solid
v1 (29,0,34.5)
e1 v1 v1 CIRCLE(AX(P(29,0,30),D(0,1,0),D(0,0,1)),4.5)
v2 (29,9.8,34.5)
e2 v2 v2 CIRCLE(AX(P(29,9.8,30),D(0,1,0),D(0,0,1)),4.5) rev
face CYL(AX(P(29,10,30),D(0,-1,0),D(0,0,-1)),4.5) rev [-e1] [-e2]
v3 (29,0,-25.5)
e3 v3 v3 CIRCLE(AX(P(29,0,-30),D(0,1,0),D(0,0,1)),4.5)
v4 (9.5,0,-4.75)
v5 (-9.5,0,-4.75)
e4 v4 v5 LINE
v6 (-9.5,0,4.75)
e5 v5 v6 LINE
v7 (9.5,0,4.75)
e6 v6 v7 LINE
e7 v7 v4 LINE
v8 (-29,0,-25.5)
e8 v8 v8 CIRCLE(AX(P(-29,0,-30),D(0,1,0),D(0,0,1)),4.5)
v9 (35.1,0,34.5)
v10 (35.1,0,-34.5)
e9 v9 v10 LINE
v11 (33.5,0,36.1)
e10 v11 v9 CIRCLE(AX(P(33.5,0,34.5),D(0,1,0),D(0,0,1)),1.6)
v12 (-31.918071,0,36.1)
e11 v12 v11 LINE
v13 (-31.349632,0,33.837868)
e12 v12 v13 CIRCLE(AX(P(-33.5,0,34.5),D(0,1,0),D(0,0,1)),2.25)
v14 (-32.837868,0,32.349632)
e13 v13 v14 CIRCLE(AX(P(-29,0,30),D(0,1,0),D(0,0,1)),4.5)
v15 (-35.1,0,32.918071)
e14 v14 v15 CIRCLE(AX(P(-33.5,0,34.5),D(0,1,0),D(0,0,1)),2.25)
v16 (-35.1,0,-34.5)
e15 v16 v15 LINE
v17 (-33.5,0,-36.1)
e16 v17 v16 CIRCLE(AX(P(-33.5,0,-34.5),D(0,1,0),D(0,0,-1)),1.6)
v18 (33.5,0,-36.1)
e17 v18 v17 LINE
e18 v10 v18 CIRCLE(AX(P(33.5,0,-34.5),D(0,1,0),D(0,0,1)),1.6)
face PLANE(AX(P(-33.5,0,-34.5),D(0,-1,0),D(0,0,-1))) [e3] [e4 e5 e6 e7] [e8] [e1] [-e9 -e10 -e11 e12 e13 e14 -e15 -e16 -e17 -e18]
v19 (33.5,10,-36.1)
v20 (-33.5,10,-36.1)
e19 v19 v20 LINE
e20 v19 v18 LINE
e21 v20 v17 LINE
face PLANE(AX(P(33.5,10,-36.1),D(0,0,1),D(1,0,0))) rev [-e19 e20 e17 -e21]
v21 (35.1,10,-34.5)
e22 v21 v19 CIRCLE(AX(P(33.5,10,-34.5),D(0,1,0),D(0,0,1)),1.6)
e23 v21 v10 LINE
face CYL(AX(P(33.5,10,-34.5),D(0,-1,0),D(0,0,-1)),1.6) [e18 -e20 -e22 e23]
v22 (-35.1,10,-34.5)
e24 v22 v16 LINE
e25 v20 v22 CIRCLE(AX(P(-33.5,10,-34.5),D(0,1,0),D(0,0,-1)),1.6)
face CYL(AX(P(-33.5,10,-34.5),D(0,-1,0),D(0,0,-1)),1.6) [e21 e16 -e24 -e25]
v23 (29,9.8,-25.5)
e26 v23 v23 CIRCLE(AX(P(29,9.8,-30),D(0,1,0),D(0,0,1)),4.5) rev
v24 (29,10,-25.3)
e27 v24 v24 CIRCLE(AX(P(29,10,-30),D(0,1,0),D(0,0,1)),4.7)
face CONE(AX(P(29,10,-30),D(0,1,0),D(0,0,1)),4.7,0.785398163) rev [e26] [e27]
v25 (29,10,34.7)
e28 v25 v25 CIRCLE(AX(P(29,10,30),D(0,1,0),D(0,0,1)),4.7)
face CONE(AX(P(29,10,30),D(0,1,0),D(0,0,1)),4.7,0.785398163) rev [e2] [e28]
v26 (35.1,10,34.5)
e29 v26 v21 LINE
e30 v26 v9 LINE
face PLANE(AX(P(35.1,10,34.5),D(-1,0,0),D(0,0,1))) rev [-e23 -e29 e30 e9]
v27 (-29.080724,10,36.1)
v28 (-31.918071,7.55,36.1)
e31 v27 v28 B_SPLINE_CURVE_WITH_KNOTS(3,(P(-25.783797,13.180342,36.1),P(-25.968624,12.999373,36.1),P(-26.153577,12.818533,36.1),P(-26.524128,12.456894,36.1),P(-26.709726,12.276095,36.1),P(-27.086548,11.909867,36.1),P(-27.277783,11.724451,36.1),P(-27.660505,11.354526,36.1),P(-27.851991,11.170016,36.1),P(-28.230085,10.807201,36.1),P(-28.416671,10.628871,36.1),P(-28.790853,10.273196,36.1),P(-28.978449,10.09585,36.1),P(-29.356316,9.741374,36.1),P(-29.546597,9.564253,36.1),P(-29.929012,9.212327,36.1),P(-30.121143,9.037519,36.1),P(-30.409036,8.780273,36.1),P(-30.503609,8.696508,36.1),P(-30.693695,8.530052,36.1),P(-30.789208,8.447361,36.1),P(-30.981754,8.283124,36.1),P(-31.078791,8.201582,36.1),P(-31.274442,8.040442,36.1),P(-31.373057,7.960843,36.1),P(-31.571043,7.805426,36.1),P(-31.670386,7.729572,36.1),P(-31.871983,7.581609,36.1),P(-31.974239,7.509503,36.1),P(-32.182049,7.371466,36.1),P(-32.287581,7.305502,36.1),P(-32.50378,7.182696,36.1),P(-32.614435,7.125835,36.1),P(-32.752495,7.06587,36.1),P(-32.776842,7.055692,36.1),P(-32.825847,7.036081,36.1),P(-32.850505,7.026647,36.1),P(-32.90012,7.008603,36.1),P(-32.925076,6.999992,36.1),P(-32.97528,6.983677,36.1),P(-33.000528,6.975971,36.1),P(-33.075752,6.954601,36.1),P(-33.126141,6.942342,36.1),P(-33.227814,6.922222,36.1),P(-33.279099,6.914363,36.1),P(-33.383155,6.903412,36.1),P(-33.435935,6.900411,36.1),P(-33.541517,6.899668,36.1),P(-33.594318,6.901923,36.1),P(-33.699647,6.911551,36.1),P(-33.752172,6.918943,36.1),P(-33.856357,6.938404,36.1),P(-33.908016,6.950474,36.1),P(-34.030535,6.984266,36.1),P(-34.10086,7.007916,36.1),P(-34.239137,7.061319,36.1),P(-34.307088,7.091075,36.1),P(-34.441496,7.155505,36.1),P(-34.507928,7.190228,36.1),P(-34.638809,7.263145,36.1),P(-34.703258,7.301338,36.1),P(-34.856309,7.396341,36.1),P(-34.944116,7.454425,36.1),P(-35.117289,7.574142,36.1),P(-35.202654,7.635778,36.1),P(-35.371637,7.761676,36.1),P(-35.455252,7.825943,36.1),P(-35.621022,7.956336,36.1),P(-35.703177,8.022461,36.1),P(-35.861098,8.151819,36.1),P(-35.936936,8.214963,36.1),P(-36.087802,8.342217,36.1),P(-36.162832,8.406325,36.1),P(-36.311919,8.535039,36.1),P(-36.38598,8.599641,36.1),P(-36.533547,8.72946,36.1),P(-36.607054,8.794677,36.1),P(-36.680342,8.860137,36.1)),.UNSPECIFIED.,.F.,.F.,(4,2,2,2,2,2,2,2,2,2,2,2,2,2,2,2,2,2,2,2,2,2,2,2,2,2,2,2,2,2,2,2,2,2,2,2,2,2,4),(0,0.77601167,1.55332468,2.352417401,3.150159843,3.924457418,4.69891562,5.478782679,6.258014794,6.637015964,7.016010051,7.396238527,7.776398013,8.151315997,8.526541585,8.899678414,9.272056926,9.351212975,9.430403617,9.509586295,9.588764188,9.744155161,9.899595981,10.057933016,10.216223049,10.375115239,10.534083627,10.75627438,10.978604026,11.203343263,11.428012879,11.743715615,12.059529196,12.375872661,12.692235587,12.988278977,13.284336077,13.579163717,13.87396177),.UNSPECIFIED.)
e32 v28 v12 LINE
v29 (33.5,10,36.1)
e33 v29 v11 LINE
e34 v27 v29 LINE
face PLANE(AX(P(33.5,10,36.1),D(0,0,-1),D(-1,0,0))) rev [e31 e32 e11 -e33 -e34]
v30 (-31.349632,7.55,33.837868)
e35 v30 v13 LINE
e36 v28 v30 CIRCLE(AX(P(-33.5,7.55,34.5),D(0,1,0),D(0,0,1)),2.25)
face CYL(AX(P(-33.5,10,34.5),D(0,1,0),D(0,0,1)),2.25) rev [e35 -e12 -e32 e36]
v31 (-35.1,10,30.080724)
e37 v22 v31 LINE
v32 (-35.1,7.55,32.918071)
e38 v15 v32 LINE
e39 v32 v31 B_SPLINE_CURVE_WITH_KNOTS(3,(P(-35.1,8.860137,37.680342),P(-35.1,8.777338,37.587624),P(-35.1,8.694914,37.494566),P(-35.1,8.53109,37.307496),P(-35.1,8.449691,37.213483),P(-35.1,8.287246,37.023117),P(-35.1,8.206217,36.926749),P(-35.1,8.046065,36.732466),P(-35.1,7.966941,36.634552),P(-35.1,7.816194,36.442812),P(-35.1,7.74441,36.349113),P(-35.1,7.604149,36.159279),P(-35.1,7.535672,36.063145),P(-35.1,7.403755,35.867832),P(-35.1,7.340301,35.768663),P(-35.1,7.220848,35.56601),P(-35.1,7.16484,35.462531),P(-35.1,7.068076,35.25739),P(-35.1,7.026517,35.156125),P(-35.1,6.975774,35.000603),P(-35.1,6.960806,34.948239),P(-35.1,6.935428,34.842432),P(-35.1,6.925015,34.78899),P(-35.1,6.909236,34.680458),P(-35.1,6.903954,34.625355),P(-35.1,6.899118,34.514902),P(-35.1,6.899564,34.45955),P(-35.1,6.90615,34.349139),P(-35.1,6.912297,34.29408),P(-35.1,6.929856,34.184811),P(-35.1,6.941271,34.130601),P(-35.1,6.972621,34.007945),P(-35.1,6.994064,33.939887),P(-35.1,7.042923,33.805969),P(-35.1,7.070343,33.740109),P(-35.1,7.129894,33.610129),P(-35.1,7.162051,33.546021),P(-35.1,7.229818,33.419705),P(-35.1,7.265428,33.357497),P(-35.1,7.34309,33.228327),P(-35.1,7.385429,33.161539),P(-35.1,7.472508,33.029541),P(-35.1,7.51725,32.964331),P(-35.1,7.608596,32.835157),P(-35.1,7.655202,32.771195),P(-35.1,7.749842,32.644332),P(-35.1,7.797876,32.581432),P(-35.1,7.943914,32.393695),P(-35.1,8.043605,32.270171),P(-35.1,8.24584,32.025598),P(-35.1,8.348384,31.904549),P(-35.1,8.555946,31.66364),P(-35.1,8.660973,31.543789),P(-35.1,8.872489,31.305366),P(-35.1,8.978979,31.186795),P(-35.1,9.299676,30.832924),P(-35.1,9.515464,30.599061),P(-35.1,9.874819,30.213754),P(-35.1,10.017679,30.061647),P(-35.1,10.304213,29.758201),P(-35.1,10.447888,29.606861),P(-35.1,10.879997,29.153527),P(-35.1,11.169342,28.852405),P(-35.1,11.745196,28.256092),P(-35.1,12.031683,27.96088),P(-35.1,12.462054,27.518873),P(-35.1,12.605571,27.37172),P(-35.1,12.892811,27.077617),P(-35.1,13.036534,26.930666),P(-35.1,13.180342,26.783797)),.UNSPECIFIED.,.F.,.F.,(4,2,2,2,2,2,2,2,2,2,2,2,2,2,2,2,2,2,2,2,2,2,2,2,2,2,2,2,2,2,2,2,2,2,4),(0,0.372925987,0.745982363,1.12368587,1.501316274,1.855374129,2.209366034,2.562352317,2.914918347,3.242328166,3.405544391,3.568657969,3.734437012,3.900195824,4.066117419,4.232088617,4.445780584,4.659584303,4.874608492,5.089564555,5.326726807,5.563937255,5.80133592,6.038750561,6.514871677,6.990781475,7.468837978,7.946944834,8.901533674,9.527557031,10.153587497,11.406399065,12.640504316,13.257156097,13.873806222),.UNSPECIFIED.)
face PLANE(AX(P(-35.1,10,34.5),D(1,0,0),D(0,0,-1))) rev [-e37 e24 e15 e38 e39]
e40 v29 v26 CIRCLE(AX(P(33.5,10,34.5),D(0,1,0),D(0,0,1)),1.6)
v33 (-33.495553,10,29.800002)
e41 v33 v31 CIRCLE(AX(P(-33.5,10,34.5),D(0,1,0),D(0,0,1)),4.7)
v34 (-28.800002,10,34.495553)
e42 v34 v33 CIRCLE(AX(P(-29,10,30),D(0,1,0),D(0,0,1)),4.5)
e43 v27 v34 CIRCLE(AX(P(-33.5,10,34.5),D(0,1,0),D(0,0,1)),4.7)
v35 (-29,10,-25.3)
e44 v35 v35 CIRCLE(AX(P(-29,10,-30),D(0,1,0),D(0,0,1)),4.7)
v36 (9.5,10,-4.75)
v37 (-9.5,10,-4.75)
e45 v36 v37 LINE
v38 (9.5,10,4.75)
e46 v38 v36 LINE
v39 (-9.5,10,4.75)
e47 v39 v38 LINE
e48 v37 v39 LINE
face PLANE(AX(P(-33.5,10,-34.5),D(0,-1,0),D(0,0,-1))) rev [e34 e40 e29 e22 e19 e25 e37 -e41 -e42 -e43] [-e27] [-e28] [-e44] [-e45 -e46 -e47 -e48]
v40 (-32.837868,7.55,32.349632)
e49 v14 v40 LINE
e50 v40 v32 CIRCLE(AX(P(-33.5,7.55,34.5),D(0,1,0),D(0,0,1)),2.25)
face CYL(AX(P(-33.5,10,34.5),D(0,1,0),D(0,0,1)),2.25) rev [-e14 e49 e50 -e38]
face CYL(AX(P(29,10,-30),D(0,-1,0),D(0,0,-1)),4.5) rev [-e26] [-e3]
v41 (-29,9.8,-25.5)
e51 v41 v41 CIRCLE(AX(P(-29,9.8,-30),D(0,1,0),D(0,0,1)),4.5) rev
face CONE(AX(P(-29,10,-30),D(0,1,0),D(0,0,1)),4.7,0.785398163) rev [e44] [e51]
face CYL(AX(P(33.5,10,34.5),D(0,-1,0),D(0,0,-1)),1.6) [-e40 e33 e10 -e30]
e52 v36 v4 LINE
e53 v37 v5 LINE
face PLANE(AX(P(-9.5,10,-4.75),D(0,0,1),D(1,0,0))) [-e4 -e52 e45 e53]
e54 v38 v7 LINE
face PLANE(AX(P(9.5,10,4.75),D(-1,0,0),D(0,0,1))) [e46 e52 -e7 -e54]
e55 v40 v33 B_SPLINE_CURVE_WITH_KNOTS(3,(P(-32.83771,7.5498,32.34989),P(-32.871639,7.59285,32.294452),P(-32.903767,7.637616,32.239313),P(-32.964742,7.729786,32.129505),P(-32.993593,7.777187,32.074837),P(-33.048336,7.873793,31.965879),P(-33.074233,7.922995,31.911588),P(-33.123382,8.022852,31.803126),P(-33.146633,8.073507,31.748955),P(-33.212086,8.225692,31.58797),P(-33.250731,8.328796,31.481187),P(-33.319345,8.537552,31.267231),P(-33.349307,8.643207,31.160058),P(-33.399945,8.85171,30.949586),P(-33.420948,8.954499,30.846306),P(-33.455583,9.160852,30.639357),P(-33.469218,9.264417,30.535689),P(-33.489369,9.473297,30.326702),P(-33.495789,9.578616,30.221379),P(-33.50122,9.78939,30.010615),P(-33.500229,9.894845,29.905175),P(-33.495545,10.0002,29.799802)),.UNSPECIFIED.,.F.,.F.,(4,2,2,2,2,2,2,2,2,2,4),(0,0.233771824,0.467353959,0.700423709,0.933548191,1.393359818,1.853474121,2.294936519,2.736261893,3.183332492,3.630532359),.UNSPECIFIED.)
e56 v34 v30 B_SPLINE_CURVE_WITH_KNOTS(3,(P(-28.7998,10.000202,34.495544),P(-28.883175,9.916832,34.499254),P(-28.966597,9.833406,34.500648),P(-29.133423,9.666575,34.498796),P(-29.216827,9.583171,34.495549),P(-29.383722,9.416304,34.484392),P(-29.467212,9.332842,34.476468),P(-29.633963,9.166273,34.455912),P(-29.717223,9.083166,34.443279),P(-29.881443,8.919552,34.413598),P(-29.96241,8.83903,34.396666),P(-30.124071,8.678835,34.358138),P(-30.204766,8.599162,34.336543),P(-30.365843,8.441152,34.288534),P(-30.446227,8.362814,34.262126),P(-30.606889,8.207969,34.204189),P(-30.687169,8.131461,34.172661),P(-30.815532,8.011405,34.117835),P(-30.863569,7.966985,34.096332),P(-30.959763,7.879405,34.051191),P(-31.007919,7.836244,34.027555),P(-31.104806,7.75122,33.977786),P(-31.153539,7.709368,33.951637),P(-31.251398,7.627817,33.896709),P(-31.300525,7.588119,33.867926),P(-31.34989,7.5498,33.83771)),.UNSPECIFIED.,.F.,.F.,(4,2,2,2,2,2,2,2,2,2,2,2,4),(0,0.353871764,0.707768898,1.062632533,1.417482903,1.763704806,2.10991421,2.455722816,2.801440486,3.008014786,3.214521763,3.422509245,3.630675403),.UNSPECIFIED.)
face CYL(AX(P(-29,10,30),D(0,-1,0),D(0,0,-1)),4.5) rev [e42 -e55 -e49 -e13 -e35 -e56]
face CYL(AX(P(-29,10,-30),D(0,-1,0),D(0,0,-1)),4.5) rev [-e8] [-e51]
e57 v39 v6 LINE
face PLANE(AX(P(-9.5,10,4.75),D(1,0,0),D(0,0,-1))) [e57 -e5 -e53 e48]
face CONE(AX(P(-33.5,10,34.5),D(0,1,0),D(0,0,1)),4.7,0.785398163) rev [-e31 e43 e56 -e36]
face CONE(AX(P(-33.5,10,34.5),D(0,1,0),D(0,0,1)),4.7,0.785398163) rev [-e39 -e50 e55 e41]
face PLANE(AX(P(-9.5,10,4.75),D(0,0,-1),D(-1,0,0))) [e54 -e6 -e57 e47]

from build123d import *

# Parameters (mm, degrees)
SKETCH_2_R                  = 4.5
SKETCH_2_W                  = 19
SKETCH_2_H                  = 9.5
EXTRUDE_1_DEPTH             = 10
HOLE_WIZARD_M41_D           = 4.5
HOLE_WIZARD_M41_CSINK_D     = 9.4
HOLE_WIZARD_M41_CSINK_ANGLE = 90


with BuildPart() as part:
    # Эскиз2 → Бобышка-Вытянуть1 (new body)
    with BuildSketch(Plane(origin=(0, 0, 0), x_dir=(1, 0, 0), z_dir=(0, 1, 0))):
        with BuildLine():
            Line((33.5, -36.1), (-33.5, -36.1))
            ThreePointArc((-33.5, -36.1), (-34.63137085, -35.63137085), (-35.1, -34.5))
            Line((-35.1, -34.5), (-35.1, 34.5))
            ThreePointArc((-35.1, 34.5), (-34.63137085, 35.63137085), (-33.5, 36.1))
            Line((-33.5, 36.1), (33.5, 36.1))
            ThreePointArc((33.5, 36.1), (34.63137085, 35.63137085), (35.1, 34.5))
            Line((35.1, 34.5), (35.1, -34.5))
            ThreePointArc((35.1, -34.5), (34.63137085, -35.63137085), (33.5, -36.1))
        make_face()
        with Locations(Location((-29, 30, 0), (0, 0, 270))):
            Circle(SKETCH_2_R, mode=Mode.SUBTRACT)
        with Locations(Location((29, 30, 0), (0, 0, 270))):
            Circle(SKETCH_2_R, mode=Mode.SUBTRACT)
        with Locations(Location((29, -30, 0), (0, 0, 270))):
            Circle(SKETCH_2_R, mode=Mode.SUBTRACT)
        with Locations(Location((-29, -30, 0), (0, 0, 270))):
            Circle(SKETCH_2_R, mode=Mode.SUBTRACT)
        Rectangle(SKETCH_2_W, SKETCH_2_H, mode=Mode.SUBTRACT)
    extrude(amount=EXTRUDE_1_DEPTH)

    # Зенковка для винта с полупотайной головкой M41 (through all)
    with Locations(Plane(origin=(0, 10, 0), x_dir=(1, 0, 0), z_dir=(0, 1, 0))):
        with Locations((-29, 30), (29, 30), (-33.5, -34.5), (29, -30)):
            CounterSinkHole(HOLE_WIZARD_M41_D / 2, HOLE_WIZARD_M41_CSINK_D / 2, counter_sink_angle=HOLE_WIZARD_M41_CSINK_ANGLE)


solid = part.part
